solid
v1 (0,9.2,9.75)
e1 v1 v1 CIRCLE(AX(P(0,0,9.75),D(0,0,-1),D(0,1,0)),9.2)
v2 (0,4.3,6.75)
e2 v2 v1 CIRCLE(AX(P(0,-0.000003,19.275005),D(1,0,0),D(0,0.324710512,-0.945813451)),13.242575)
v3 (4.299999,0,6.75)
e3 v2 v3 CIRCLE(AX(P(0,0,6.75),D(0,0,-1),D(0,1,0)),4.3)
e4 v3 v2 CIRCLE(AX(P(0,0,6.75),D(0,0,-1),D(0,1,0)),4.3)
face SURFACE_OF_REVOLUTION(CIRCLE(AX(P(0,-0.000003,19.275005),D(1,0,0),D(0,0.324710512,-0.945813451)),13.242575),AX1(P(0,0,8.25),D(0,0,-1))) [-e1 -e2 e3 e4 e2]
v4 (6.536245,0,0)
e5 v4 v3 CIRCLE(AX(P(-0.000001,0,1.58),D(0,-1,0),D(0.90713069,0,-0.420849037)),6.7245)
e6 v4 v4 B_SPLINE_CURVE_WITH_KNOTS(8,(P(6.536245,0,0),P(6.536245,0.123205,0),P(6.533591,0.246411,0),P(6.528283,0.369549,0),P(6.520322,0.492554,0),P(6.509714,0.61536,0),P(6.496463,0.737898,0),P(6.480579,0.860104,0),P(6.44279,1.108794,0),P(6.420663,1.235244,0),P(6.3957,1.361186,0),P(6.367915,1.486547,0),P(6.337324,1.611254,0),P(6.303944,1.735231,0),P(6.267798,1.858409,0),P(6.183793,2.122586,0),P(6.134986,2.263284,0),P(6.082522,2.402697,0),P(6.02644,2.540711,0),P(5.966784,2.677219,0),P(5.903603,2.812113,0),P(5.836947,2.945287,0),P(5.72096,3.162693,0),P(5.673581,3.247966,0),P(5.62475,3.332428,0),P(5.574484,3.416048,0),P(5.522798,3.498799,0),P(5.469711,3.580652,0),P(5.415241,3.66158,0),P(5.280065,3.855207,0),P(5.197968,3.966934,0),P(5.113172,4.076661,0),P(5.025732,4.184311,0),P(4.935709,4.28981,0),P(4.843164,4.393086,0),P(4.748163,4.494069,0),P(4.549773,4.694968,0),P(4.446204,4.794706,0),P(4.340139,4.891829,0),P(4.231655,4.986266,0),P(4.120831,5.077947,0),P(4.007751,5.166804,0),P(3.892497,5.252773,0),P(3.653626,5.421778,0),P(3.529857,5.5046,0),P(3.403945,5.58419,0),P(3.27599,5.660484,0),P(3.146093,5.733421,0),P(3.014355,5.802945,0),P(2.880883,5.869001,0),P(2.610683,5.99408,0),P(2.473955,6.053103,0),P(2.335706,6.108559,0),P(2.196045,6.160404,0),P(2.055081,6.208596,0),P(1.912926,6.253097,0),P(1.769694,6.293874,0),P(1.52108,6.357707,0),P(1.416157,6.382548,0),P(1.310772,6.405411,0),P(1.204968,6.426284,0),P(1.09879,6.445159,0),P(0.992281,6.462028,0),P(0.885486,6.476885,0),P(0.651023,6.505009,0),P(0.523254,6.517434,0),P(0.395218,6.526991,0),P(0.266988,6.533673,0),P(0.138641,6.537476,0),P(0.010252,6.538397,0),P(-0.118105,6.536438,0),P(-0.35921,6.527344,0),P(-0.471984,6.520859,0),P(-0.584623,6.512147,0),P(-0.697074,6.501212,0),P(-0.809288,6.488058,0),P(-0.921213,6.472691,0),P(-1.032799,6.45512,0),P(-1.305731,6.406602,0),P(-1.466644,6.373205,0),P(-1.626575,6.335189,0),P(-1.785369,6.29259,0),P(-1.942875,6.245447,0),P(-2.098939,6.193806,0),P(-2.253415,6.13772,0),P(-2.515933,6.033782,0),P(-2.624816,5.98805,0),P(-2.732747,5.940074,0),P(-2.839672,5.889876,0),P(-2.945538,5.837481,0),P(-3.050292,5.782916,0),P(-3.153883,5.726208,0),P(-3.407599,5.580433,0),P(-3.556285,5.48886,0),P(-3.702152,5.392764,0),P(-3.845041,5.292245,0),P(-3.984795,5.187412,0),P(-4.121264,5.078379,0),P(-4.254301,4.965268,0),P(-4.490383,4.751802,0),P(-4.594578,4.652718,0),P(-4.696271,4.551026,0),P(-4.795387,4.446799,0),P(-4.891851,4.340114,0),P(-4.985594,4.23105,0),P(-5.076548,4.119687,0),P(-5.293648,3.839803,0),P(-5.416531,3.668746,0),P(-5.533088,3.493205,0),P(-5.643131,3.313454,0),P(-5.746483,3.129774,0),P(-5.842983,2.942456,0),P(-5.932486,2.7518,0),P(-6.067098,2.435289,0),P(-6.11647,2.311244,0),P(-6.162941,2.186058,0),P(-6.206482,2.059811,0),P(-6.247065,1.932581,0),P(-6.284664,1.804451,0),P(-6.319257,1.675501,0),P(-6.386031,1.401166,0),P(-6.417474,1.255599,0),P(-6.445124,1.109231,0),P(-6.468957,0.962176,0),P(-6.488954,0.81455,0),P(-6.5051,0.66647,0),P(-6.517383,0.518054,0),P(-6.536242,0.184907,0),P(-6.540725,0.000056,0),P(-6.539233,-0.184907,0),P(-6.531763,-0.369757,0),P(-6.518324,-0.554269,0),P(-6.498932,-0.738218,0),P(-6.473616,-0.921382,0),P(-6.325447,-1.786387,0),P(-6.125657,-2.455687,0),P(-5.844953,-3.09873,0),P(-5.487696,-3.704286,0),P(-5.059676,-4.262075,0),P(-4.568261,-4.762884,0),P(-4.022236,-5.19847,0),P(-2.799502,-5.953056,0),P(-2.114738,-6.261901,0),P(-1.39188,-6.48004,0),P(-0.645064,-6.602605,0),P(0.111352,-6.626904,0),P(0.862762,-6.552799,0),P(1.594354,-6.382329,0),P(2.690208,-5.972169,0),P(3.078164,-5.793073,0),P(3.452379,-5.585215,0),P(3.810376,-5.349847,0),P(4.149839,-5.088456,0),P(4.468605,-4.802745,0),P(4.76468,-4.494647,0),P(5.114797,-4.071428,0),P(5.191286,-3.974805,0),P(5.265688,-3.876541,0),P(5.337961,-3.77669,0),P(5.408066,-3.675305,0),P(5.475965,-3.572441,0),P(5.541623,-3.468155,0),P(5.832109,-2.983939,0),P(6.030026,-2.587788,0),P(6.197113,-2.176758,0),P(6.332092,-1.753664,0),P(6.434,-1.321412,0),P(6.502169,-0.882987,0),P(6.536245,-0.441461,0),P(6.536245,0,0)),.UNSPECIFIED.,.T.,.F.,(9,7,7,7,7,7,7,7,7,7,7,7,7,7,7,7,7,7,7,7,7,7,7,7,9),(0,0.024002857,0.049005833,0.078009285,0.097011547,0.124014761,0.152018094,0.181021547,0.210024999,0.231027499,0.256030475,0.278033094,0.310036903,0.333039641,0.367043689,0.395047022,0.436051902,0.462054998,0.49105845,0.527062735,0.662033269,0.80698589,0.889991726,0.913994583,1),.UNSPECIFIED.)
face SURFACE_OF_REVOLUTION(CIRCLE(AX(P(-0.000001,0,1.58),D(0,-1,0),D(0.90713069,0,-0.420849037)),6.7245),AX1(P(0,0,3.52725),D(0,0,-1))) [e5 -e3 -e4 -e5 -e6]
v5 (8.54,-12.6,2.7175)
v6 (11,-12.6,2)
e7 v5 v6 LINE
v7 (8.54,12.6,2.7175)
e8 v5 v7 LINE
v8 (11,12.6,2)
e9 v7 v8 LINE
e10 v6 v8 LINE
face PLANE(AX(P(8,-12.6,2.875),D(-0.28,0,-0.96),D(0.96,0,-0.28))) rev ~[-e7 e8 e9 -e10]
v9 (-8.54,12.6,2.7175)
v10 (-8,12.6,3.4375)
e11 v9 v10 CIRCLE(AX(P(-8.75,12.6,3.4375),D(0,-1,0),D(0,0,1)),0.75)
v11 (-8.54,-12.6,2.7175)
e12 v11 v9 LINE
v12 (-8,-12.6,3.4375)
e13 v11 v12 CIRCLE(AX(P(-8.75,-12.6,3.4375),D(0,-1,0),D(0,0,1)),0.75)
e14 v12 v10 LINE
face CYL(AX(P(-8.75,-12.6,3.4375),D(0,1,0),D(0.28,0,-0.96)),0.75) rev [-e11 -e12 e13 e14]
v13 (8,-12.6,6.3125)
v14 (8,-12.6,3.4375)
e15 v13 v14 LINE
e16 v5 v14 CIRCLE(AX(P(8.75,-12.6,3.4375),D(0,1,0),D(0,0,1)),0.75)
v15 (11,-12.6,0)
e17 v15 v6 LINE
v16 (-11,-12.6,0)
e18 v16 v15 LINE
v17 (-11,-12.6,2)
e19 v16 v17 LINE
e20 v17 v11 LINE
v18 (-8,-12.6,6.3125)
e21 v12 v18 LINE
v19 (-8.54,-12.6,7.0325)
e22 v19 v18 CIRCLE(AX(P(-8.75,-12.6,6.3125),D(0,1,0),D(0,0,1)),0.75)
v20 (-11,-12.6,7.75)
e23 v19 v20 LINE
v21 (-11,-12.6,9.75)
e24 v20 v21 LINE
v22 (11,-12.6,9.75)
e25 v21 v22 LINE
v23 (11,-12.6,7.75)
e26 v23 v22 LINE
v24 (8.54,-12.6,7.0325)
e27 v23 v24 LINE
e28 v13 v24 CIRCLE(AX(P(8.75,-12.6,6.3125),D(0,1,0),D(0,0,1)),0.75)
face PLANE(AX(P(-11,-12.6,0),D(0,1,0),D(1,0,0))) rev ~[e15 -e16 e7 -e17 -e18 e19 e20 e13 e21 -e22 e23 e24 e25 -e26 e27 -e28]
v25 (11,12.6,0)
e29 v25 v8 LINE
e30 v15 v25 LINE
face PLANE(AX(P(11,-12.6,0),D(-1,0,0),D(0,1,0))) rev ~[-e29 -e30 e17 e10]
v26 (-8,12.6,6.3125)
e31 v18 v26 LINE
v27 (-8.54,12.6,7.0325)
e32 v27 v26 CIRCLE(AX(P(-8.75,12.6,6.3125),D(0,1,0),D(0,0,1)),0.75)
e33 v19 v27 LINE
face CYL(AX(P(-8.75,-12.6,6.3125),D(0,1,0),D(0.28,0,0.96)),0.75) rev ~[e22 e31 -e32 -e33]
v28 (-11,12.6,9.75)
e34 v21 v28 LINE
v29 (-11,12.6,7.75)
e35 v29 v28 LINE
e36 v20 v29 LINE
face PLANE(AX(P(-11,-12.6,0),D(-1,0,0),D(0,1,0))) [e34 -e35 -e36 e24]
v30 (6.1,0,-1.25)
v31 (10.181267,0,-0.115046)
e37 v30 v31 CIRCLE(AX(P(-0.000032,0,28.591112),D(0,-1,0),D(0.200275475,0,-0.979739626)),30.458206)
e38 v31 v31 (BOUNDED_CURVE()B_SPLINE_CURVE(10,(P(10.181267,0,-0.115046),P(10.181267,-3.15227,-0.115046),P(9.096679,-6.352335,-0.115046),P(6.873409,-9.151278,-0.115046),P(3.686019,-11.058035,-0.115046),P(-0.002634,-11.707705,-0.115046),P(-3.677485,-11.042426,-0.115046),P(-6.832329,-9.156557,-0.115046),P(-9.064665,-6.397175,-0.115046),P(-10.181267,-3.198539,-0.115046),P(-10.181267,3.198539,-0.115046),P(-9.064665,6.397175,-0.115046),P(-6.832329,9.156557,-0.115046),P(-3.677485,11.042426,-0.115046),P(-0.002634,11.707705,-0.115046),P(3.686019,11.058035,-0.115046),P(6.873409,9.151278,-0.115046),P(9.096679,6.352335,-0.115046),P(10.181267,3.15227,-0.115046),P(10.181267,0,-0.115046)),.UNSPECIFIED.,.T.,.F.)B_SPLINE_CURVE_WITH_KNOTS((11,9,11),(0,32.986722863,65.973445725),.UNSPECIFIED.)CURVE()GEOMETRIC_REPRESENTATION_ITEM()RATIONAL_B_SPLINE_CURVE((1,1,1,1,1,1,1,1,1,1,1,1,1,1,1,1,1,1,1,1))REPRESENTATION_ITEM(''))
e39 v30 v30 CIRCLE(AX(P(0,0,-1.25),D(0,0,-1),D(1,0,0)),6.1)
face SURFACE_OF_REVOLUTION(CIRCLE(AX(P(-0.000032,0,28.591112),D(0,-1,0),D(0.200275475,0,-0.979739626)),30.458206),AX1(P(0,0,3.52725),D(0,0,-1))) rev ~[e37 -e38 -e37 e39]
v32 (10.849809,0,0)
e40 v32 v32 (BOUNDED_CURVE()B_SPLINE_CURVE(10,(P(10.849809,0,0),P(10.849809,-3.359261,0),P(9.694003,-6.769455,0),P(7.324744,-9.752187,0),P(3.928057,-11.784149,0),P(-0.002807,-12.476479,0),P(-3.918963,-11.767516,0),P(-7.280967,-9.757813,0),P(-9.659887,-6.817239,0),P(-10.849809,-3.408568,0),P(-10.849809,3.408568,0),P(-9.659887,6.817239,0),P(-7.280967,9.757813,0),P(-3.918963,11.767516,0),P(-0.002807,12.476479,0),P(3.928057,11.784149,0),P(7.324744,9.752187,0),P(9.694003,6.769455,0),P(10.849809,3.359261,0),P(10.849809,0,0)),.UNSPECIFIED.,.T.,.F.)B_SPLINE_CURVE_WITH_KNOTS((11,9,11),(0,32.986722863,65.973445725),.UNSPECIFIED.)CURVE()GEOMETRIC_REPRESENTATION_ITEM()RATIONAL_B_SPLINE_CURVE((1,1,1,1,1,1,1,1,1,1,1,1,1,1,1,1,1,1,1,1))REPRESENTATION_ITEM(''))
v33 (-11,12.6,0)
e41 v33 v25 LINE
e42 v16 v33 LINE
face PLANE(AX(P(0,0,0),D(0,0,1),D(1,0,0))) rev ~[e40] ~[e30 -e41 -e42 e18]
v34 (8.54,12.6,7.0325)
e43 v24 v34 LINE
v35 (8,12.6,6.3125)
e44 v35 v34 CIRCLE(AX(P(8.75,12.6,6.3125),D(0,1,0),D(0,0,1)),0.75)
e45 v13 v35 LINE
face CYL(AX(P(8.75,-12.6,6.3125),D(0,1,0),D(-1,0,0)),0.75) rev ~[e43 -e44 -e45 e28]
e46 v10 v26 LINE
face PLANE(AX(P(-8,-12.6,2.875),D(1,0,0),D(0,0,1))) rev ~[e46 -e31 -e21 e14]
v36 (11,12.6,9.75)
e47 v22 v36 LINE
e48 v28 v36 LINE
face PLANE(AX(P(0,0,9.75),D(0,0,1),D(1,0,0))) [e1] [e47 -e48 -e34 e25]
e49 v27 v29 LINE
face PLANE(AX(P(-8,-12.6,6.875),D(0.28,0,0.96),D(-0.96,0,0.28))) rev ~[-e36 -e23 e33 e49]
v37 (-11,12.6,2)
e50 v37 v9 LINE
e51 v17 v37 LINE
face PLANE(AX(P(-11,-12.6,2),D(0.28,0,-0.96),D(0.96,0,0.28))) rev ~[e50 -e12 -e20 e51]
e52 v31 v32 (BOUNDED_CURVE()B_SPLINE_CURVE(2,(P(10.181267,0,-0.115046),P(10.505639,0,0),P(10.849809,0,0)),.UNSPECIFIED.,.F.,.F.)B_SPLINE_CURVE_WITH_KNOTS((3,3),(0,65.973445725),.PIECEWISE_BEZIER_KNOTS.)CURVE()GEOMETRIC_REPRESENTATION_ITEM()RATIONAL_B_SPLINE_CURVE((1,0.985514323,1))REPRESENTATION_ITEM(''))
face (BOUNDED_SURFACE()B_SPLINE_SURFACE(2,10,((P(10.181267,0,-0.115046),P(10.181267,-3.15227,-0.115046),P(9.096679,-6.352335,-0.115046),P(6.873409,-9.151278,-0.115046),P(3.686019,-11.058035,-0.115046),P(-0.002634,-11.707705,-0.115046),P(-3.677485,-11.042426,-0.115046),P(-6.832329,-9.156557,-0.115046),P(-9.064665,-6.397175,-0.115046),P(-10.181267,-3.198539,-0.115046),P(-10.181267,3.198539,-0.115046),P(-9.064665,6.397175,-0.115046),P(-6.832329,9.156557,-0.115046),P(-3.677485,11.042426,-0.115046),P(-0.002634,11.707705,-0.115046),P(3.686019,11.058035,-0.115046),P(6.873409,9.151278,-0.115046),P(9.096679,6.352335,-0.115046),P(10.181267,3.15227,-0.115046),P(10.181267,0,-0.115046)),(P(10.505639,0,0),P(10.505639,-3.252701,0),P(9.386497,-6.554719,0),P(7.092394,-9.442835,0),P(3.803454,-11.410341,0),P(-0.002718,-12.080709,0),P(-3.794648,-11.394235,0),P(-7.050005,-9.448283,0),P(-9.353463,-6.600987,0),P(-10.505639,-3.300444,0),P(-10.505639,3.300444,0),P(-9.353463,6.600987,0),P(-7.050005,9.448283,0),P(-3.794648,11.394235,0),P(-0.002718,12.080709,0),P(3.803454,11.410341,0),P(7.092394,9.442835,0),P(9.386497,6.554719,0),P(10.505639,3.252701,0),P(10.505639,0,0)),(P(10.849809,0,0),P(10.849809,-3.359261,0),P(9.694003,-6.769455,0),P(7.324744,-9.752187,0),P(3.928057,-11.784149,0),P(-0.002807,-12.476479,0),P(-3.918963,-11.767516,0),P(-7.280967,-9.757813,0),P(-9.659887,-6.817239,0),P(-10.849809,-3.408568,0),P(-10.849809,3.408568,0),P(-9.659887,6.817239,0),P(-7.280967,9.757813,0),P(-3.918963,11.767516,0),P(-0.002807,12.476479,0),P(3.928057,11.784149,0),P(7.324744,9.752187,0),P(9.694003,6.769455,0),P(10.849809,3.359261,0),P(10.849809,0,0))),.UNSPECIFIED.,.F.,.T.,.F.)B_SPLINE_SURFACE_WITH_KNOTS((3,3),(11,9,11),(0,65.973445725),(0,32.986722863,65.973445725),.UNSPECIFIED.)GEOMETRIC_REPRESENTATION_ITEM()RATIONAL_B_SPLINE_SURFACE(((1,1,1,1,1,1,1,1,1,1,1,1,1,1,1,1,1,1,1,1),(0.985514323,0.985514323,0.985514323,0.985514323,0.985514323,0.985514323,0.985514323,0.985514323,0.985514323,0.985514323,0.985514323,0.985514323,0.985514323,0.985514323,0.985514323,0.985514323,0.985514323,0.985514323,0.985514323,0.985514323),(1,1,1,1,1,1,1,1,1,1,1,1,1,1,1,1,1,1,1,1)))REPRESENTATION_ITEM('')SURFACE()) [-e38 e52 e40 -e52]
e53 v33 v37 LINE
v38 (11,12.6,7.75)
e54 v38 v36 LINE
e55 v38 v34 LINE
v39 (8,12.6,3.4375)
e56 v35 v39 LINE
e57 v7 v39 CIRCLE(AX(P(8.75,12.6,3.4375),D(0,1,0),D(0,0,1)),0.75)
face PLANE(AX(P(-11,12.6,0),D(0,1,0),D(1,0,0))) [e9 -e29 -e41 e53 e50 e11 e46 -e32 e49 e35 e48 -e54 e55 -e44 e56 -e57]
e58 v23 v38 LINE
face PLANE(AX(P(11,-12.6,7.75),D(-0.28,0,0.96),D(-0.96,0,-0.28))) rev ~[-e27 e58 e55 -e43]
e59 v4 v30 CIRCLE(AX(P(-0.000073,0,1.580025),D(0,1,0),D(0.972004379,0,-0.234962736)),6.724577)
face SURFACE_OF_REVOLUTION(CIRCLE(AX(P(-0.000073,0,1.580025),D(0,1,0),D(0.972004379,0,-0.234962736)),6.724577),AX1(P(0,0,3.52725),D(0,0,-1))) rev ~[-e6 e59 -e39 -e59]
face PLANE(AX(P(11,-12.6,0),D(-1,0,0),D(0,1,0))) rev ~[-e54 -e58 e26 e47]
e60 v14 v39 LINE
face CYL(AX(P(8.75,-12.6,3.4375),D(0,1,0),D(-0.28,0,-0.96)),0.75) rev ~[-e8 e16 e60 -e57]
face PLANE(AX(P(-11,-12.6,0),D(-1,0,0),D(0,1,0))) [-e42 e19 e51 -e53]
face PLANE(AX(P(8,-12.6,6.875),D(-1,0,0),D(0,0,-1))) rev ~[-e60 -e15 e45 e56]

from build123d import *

# Parameters (mm, degrees)
F0_W     = 22
F0_H     = 25.2
F1_DEPTH = 9.75
F3_DEPTH = 25.2
F12_R    = 2
F13_R    = 0.75


with BuildPart() as f1:
    # F0 (on Top) → F1 (new body)
    with BuildSketch(Plane.XY):
        Rectangle(F0_W, F0_H)
    extrude(amount=F1_DEPTH)

    # F2 (on face) → F3 (cut, through all)
    with BuildSketch(Plane.XZ.offset(12.6)):
        Polygon((-8, 2.875), (-8, 6.875), (-11, 7.75), (-11, 2), align=None)
        Polygon((11, 7.75), (8, 6.875), (8, 2.875), (11, 2), align=None)
    extrude(amount=-F3_DEPTH, mode=Mode.SUBTRACT)

    # F4 (on Right) → F5 (revolve, cut)
    with BuildSketch(Plane.YZ):
        with BuildLine():
            Line((0, 9.75), (0, 6.75))
            Line((0, 6.75), (4.3, 6.75))
            ThreePointArc((4.3, 6.75), (6.914658, 7.981058), (9.2, 9.75))
            Line((9.2, 9.75), (0, 9.75))
        make_face()
    revolve(axis=Axis((0, 0, 8.25), (0, 0, -1)), mode=Mode.SUBTRACT)

    # F6 (on Front) → F7 (revolve, cut)
    with BuildSketch(Plane.XZ):
        with BuildLine():
            Line((0, -1.25), (6.1, -1.25))
            ThreePointArc((6.1, -1.25), (5.667858, 5.198602), (0, 8.3045))
            Line((0, 8.3045), (0, -1.25))
        make_face()
    revolve(axis=Axis((0, 0, 3.52725), (0, 0, -1)), mode=Mode.SUBTRACT)

    # F6 (on Front) → F10 (revolve, cut)
    with BuildSketch(Plane.XZ):
        with BuildLine():
            Line((0, -1.25), (6.1, -1.25))
            ThreePointArc((6.1, -1.25), (5.667858, 5.198602), (0, 8.3045))
            Line((0, 8.3045), (0, -1.25))
        make_face()
    revolve(axis=Axis((0, 0, 3.490293), (0, 0, -1)), mode=Mode.SUBTRACT)

    # F8 (on Front) → F11 (revolve)
    with BuildSketch(Plane.XZ):
        with BuildLine():
            ThreePointArc((6.536245, 0), (6.34896, -0.635762), (6.1, -1.25))
            ThreePointArc((6.1, -1.25), (8.323498, -0.707714), (10.5, 0))
            Line((10.5, 0), (6.536245, 0))
        make_face()
    revolve(axis=Axis((0, 0, 3.52725), (0, 0, -1)))

    # F12
    f12_edges = [f1.edges().sort_by_distance(p)[0] for p in [
        (-10.5, 0, 0),
    ]]
    fillet(f12_edges, radius=F12_R)

    # F13
    f13_edges = [f1.edges().sort_by_distance(p)[0] for p in [
        (8, 0, 2.875),
        (8, 0, 6.875),
        (-8, 0, 6.875),
        (-8, 0, 2.875),
    ]]
    fillet(f13_edges, radius=F13_R)


solid = f1.part
